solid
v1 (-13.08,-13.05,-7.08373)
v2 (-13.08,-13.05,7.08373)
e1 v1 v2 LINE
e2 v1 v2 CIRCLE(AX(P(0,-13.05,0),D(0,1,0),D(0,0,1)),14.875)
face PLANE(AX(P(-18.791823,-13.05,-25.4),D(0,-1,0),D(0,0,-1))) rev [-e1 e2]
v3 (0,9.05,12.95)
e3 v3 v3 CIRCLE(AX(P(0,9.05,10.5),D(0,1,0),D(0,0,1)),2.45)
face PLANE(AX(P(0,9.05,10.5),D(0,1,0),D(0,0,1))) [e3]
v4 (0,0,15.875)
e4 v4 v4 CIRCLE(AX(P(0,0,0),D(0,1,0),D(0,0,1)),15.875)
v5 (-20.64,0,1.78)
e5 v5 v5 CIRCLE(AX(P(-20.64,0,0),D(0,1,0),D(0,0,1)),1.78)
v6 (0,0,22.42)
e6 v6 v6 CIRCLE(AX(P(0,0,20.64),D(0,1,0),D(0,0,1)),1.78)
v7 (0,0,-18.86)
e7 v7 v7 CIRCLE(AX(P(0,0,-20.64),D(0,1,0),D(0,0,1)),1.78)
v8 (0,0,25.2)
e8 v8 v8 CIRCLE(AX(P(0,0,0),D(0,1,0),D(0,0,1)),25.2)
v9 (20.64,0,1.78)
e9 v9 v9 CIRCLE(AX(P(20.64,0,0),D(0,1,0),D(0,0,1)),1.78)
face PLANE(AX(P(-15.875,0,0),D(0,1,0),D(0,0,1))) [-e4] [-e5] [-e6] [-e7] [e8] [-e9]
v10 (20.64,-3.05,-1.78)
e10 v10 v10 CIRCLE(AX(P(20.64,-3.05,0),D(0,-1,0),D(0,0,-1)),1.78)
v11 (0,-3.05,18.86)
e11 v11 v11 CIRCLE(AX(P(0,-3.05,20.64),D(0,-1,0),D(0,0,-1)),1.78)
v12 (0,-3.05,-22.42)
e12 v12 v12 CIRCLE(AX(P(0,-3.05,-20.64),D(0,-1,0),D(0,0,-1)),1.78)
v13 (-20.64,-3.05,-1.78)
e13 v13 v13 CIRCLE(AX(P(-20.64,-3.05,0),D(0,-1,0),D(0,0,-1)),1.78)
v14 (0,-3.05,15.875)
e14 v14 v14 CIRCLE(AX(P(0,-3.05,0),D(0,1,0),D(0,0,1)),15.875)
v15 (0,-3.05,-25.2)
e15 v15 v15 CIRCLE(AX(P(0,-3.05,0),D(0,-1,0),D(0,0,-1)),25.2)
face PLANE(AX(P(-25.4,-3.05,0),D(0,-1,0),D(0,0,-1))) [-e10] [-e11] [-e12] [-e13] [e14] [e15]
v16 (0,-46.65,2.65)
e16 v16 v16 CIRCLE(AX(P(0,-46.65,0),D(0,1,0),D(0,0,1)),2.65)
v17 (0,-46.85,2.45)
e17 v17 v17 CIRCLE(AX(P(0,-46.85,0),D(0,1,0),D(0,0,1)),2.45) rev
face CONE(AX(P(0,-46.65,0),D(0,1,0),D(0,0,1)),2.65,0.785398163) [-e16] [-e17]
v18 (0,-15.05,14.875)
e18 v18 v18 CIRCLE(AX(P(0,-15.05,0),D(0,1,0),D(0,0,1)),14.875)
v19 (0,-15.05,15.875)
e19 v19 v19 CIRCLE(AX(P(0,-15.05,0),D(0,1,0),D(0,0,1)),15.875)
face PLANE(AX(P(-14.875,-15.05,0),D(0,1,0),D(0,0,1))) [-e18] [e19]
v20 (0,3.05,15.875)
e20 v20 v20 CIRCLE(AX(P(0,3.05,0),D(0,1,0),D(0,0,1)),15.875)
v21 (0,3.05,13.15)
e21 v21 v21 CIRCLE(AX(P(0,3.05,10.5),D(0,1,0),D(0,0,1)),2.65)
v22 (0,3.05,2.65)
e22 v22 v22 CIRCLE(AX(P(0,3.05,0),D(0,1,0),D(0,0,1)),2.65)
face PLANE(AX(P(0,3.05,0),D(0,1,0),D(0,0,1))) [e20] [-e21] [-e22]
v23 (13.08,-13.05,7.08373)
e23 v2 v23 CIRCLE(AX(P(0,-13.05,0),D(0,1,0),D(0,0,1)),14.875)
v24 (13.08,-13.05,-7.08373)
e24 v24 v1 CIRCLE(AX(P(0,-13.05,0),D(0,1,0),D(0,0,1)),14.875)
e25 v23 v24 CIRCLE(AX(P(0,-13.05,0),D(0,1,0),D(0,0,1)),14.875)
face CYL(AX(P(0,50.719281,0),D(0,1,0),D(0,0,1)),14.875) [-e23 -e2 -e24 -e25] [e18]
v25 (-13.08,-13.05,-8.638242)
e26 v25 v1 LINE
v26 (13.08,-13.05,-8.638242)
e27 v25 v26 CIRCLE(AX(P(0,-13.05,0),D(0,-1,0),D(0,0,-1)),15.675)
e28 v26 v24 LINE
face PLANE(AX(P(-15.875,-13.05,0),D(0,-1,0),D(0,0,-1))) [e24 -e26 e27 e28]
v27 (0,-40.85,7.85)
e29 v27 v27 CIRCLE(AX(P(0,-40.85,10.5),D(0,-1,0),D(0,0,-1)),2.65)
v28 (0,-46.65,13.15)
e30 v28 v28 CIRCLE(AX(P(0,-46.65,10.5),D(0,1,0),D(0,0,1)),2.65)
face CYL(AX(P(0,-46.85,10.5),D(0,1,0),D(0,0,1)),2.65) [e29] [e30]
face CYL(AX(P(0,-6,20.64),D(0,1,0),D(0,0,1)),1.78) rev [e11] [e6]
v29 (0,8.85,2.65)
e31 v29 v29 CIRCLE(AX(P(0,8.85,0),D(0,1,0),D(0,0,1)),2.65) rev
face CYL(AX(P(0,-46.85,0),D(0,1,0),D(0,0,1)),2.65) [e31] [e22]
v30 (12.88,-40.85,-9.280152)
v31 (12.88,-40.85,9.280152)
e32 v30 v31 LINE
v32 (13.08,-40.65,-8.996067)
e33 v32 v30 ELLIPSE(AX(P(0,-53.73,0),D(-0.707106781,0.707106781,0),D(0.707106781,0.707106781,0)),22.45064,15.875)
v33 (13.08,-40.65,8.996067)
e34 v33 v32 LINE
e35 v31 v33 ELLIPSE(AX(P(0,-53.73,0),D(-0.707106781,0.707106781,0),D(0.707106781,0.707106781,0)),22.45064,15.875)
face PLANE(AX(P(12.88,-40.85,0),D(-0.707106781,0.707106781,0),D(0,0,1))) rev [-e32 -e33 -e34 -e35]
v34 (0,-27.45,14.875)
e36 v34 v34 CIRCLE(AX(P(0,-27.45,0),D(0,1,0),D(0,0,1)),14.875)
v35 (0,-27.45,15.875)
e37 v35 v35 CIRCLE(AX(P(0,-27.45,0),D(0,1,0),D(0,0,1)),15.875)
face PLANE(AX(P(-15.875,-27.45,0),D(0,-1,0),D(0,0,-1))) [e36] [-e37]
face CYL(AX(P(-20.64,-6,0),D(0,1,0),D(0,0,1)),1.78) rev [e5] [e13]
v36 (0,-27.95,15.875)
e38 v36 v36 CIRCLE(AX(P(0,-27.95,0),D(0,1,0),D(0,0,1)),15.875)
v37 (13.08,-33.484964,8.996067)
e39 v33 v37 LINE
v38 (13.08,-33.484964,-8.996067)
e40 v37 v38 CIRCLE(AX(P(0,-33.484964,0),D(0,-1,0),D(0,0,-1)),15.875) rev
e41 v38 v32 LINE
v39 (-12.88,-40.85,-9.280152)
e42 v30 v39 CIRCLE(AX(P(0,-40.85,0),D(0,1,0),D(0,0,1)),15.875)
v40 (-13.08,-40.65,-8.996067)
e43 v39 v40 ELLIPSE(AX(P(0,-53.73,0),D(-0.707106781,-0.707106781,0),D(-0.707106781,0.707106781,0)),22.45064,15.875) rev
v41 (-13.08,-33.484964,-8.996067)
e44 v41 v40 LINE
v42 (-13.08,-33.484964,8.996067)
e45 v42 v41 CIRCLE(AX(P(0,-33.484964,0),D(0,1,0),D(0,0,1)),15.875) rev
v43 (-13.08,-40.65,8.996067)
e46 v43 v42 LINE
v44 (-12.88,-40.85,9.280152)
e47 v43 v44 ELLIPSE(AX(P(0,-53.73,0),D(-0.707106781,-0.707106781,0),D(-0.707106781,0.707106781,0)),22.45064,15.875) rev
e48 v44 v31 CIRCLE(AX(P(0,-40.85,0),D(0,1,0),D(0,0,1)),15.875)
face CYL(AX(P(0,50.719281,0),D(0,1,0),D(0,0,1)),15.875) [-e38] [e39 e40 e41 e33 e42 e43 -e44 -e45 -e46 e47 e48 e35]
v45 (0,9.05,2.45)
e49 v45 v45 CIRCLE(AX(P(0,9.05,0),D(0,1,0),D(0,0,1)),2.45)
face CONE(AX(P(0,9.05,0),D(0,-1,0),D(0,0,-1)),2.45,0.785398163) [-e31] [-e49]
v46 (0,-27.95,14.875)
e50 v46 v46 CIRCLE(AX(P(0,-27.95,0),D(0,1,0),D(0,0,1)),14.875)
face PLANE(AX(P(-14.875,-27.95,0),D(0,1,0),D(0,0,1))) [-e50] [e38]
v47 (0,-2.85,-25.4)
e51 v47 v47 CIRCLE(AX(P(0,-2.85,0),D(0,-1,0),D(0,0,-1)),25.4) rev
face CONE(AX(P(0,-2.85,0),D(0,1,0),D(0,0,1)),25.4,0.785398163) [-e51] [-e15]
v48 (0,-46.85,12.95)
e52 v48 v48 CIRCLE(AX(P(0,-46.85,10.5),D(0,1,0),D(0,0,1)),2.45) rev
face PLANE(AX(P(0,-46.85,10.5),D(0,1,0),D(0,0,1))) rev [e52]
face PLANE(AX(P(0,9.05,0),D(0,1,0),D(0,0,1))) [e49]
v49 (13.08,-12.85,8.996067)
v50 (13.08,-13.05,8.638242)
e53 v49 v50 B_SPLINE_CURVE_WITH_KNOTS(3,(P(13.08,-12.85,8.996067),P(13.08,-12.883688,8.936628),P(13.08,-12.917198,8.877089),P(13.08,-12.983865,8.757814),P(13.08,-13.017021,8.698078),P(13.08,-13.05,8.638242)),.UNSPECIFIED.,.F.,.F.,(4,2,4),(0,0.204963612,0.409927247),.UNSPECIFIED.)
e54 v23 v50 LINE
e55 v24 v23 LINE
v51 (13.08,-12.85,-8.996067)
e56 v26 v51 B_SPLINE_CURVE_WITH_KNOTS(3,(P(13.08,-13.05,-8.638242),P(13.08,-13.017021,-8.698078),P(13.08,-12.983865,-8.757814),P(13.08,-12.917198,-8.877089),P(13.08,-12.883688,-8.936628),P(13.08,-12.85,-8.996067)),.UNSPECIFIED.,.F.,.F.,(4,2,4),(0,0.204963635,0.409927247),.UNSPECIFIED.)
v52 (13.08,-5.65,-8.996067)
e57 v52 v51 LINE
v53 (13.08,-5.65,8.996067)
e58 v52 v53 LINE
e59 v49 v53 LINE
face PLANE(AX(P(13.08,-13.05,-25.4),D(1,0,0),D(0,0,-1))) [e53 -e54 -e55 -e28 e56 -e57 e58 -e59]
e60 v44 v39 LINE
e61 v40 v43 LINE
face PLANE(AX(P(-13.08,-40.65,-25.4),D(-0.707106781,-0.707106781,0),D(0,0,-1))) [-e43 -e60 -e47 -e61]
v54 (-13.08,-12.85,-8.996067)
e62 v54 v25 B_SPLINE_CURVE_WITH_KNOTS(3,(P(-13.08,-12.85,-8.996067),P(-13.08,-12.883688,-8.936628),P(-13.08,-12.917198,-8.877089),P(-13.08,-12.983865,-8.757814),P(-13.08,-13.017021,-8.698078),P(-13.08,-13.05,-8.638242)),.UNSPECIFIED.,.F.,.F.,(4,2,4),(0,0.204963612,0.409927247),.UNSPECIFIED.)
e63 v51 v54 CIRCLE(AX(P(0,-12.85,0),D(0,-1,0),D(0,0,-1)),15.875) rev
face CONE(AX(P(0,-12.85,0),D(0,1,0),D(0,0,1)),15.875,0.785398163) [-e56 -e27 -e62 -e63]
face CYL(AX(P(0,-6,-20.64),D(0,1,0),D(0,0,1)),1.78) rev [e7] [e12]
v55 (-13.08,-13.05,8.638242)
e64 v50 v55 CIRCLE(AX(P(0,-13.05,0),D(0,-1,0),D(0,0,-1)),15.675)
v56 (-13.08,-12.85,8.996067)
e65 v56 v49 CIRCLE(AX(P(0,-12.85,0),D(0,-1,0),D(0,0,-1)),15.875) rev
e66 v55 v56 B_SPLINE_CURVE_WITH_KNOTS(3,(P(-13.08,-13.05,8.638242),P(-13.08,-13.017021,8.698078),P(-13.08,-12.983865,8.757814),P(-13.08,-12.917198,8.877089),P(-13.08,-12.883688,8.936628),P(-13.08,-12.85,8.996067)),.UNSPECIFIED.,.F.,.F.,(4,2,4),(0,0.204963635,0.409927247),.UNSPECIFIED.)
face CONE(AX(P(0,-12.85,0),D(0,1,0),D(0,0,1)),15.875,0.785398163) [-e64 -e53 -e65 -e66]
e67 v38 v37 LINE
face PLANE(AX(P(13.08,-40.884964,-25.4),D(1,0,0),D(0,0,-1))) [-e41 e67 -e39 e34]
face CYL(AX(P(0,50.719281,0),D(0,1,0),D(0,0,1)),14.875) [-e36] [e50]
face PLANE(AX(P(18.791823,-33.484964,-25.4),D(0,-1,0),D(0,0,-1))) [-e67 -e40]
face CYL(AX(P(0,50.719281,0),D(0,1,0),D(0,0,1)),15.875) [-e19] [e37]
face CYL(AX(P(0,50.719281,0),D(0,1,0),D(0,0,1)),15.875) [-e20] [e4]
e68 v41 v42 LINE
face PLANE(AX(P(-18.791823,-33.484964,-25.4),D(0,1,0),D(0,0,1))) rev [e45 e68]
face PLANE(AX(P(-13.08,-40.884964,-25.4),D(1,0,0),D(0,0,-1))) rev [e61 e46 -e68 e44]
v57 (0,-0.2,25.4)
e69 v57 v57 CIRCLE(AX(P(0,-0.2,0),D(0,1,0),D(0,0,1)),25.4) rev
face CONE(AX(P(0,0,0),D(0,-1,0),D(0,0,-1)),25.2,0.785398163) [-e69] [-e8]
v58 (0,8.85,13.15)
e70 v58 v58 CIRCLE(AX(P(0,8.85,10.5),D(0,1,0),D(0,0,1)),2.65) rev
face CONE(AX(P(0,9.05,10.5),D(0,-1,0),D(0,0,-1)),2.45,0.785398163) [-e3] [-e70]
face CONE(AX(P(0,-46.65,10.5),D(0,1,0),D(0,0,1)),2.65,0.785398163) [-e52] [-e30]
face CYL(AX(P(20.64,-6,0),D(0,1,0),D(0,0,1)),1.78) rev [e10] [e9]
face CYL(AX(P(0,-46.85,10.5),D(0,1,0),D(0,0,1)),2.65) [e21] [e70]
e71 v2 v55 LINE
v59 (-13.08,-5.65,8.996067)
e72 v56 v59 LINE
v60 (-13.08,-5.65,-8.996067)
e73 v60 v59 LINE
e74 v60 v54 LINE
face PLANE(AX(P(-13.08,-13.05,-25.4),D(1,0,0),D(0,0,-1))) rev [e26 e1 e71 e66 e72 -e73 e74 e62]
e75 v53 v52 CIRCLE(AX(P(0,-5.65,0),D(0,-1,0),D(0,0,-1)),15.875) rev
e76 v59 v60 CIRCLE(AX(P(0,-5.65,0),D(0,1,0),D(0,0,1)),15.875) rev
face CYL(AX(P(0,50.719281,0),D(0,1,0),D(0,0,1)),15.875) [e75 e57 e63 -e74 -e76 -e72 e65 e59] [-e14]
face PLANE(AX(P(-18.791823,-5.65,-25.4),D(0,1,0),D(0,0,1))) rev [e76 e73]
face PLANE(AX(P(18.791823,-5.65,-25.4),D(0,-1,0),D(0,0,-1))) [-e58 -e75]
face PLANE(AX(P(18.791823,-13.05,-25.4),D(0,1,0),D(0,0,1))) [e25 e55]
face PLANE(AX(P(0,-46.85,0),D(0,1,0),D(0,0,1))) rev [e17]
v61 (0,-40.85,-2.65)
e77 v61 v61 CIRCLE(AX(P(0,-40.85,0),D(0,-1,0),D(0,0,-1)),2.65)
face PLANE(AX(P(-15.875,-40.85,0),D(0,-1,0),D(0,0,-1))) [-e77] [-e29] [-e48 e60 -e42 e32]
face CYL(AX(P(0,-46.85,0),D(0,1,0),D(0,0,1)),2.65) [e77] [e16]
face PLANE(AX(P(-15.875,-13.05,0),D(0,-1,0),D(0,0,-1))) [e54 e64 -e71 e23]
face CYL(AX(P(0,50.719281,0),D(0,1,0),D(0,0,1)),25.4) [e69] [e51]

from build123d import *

# Parameters (mm, degrees)
BOSS_EXTRUDE1_DEPTH      = 6
BOSS_EXTRUDE1_DEPTH_BACK = 49.9
SKETCH2_R                = 2.65
SKETCH3_R                = 1.78
CUT_EXTRUDE1_DEPTH       = 6
SKETCH4_W                = 5.711822604
SKETCH4_H                = 7.4
CUT_EXTRUDE2_DEPTH       = 60.035942442
CHAMFER1_SIZE            = 0.2


with BuildPart() as part:
    # Sketch1 → Revolve1 (revolve)
    with BuildSketch(Plane.XY, mode=Mode.PRIVATE) as revolve1_sk:
        Polygon((0, 3.05), (-15.875, 3.05), (-15.875, 0), (-25.4, 0), (-25.4, -3.05), (-15.875, -3.05), (-15.875, -13.05), (-14.875, -13.05), (-14.875, -15.05), (-15.875, -15.05), (-15.875, -27.45), (-14.875, -27.45), (-14.875, -27.95), (-15.875, -27.95), (-15.875, -40.85), (0, -40.85), align=None)
    revolve(revolve1_sk.sketch.rotate(Axis((0, 50.719281348, 0), (0, -1, 0)), 270), axis=Axis((0, 50.719281348, 0), (0, -1, 0)))

    # Sketch2 → Boss-Extrude1 (add, two sides: drawn at the far end of the back side and taken through both)
    with BuildSketch(Plane(origin=(0, 3.05, 0), x_dir=(1, 0, 0), z_dir=(0, 1, 0)).offset(-BOSS_EXTRUDE1_DEPTH_BACK)):
        with Locations(Location((0, 0, 0), (0, 0, 270))):
            Circle(SKETCH2_R)
        with Locations(Location((0, -10.5, 0), (0, 0, 270))):
            Circle(SKETCH2_R)
    extrude(amount=BOSS_EXTRUDE1_DEPTH + BOSS_EXTRUDE1_DEPTH_BACK)

    # Sketch3 → Cut-Extrude1 (cut)
    with BuildSketch(Plane(origin=(0, 0, 0), x_dir=(1, 0, 0), z_dir=(0, 1, 0))):
        with Locations(Location((0, 20.64, 0), (0, 0, 270))):
            Circle(SKETCH3_R)
        with Locations(Location((-20.64, 0, 0), (0, 0, 270))):
            Circle(SKETCH3_R)
        with Locations(Location((0, -20.64, 0), (0, 0, 270))):
            Circle(SKETCH3_R)
        with Locations(Location((20.64, 0, 0), (0, 0, 270))):
            Circle(SKETCH3_R)
    extrude(amount=-CUT_EXTRUDE1_DEPTH, mode=Mode.SUBTRACT)

    # Sketch4 → Cut-Extrude2 (cut, symmetric)
    with BuildSketch(Plane.XY):
        with Locations((-15.935911302, -9.35)):
            Rectangle(SKETCH4_W, SKETCH4_H)
        with Locations((-15.935911302, -37.184964336)):
            Rectangle(SKETCH4_W, SKETCH4_H)
    cut_extrude2 = extrude(amount=CUT_EXTRUDE2_DEPTH, both=True, mode=Mode.SUBTRACT)

    # Mirror1: Cut-Extrude2 across plane
    add(cut_extrude2.mirror(Plane(origin=(0, 0, 0), x_dir=(0, 0, 1), z_dir=(1, 0, 0))), mode=Mode.SUBTRACT)

    # Chamfer1
    chamfer1_edges = [part.edges().sort_by_distance(p)[0] for p in [
        (13.08, -40.85, 0),
        (0, -13.05, -15.875),
        (0, -3.05, -25.4),
        (0, 0, -25.4),
        (0, -46.85, -2.65),
        (0, 9.05, -2.65),
        (0, -46.85, 7.85),
        (0, 9.05, 7.85),
        (-13.08, -40.85, 0),
        (-7.389284751, -13.05, 14.050412658),
    ]]
    chamfer(chamfer1_edges, length=CHAMFER1_SIZE)


solid = part.part
